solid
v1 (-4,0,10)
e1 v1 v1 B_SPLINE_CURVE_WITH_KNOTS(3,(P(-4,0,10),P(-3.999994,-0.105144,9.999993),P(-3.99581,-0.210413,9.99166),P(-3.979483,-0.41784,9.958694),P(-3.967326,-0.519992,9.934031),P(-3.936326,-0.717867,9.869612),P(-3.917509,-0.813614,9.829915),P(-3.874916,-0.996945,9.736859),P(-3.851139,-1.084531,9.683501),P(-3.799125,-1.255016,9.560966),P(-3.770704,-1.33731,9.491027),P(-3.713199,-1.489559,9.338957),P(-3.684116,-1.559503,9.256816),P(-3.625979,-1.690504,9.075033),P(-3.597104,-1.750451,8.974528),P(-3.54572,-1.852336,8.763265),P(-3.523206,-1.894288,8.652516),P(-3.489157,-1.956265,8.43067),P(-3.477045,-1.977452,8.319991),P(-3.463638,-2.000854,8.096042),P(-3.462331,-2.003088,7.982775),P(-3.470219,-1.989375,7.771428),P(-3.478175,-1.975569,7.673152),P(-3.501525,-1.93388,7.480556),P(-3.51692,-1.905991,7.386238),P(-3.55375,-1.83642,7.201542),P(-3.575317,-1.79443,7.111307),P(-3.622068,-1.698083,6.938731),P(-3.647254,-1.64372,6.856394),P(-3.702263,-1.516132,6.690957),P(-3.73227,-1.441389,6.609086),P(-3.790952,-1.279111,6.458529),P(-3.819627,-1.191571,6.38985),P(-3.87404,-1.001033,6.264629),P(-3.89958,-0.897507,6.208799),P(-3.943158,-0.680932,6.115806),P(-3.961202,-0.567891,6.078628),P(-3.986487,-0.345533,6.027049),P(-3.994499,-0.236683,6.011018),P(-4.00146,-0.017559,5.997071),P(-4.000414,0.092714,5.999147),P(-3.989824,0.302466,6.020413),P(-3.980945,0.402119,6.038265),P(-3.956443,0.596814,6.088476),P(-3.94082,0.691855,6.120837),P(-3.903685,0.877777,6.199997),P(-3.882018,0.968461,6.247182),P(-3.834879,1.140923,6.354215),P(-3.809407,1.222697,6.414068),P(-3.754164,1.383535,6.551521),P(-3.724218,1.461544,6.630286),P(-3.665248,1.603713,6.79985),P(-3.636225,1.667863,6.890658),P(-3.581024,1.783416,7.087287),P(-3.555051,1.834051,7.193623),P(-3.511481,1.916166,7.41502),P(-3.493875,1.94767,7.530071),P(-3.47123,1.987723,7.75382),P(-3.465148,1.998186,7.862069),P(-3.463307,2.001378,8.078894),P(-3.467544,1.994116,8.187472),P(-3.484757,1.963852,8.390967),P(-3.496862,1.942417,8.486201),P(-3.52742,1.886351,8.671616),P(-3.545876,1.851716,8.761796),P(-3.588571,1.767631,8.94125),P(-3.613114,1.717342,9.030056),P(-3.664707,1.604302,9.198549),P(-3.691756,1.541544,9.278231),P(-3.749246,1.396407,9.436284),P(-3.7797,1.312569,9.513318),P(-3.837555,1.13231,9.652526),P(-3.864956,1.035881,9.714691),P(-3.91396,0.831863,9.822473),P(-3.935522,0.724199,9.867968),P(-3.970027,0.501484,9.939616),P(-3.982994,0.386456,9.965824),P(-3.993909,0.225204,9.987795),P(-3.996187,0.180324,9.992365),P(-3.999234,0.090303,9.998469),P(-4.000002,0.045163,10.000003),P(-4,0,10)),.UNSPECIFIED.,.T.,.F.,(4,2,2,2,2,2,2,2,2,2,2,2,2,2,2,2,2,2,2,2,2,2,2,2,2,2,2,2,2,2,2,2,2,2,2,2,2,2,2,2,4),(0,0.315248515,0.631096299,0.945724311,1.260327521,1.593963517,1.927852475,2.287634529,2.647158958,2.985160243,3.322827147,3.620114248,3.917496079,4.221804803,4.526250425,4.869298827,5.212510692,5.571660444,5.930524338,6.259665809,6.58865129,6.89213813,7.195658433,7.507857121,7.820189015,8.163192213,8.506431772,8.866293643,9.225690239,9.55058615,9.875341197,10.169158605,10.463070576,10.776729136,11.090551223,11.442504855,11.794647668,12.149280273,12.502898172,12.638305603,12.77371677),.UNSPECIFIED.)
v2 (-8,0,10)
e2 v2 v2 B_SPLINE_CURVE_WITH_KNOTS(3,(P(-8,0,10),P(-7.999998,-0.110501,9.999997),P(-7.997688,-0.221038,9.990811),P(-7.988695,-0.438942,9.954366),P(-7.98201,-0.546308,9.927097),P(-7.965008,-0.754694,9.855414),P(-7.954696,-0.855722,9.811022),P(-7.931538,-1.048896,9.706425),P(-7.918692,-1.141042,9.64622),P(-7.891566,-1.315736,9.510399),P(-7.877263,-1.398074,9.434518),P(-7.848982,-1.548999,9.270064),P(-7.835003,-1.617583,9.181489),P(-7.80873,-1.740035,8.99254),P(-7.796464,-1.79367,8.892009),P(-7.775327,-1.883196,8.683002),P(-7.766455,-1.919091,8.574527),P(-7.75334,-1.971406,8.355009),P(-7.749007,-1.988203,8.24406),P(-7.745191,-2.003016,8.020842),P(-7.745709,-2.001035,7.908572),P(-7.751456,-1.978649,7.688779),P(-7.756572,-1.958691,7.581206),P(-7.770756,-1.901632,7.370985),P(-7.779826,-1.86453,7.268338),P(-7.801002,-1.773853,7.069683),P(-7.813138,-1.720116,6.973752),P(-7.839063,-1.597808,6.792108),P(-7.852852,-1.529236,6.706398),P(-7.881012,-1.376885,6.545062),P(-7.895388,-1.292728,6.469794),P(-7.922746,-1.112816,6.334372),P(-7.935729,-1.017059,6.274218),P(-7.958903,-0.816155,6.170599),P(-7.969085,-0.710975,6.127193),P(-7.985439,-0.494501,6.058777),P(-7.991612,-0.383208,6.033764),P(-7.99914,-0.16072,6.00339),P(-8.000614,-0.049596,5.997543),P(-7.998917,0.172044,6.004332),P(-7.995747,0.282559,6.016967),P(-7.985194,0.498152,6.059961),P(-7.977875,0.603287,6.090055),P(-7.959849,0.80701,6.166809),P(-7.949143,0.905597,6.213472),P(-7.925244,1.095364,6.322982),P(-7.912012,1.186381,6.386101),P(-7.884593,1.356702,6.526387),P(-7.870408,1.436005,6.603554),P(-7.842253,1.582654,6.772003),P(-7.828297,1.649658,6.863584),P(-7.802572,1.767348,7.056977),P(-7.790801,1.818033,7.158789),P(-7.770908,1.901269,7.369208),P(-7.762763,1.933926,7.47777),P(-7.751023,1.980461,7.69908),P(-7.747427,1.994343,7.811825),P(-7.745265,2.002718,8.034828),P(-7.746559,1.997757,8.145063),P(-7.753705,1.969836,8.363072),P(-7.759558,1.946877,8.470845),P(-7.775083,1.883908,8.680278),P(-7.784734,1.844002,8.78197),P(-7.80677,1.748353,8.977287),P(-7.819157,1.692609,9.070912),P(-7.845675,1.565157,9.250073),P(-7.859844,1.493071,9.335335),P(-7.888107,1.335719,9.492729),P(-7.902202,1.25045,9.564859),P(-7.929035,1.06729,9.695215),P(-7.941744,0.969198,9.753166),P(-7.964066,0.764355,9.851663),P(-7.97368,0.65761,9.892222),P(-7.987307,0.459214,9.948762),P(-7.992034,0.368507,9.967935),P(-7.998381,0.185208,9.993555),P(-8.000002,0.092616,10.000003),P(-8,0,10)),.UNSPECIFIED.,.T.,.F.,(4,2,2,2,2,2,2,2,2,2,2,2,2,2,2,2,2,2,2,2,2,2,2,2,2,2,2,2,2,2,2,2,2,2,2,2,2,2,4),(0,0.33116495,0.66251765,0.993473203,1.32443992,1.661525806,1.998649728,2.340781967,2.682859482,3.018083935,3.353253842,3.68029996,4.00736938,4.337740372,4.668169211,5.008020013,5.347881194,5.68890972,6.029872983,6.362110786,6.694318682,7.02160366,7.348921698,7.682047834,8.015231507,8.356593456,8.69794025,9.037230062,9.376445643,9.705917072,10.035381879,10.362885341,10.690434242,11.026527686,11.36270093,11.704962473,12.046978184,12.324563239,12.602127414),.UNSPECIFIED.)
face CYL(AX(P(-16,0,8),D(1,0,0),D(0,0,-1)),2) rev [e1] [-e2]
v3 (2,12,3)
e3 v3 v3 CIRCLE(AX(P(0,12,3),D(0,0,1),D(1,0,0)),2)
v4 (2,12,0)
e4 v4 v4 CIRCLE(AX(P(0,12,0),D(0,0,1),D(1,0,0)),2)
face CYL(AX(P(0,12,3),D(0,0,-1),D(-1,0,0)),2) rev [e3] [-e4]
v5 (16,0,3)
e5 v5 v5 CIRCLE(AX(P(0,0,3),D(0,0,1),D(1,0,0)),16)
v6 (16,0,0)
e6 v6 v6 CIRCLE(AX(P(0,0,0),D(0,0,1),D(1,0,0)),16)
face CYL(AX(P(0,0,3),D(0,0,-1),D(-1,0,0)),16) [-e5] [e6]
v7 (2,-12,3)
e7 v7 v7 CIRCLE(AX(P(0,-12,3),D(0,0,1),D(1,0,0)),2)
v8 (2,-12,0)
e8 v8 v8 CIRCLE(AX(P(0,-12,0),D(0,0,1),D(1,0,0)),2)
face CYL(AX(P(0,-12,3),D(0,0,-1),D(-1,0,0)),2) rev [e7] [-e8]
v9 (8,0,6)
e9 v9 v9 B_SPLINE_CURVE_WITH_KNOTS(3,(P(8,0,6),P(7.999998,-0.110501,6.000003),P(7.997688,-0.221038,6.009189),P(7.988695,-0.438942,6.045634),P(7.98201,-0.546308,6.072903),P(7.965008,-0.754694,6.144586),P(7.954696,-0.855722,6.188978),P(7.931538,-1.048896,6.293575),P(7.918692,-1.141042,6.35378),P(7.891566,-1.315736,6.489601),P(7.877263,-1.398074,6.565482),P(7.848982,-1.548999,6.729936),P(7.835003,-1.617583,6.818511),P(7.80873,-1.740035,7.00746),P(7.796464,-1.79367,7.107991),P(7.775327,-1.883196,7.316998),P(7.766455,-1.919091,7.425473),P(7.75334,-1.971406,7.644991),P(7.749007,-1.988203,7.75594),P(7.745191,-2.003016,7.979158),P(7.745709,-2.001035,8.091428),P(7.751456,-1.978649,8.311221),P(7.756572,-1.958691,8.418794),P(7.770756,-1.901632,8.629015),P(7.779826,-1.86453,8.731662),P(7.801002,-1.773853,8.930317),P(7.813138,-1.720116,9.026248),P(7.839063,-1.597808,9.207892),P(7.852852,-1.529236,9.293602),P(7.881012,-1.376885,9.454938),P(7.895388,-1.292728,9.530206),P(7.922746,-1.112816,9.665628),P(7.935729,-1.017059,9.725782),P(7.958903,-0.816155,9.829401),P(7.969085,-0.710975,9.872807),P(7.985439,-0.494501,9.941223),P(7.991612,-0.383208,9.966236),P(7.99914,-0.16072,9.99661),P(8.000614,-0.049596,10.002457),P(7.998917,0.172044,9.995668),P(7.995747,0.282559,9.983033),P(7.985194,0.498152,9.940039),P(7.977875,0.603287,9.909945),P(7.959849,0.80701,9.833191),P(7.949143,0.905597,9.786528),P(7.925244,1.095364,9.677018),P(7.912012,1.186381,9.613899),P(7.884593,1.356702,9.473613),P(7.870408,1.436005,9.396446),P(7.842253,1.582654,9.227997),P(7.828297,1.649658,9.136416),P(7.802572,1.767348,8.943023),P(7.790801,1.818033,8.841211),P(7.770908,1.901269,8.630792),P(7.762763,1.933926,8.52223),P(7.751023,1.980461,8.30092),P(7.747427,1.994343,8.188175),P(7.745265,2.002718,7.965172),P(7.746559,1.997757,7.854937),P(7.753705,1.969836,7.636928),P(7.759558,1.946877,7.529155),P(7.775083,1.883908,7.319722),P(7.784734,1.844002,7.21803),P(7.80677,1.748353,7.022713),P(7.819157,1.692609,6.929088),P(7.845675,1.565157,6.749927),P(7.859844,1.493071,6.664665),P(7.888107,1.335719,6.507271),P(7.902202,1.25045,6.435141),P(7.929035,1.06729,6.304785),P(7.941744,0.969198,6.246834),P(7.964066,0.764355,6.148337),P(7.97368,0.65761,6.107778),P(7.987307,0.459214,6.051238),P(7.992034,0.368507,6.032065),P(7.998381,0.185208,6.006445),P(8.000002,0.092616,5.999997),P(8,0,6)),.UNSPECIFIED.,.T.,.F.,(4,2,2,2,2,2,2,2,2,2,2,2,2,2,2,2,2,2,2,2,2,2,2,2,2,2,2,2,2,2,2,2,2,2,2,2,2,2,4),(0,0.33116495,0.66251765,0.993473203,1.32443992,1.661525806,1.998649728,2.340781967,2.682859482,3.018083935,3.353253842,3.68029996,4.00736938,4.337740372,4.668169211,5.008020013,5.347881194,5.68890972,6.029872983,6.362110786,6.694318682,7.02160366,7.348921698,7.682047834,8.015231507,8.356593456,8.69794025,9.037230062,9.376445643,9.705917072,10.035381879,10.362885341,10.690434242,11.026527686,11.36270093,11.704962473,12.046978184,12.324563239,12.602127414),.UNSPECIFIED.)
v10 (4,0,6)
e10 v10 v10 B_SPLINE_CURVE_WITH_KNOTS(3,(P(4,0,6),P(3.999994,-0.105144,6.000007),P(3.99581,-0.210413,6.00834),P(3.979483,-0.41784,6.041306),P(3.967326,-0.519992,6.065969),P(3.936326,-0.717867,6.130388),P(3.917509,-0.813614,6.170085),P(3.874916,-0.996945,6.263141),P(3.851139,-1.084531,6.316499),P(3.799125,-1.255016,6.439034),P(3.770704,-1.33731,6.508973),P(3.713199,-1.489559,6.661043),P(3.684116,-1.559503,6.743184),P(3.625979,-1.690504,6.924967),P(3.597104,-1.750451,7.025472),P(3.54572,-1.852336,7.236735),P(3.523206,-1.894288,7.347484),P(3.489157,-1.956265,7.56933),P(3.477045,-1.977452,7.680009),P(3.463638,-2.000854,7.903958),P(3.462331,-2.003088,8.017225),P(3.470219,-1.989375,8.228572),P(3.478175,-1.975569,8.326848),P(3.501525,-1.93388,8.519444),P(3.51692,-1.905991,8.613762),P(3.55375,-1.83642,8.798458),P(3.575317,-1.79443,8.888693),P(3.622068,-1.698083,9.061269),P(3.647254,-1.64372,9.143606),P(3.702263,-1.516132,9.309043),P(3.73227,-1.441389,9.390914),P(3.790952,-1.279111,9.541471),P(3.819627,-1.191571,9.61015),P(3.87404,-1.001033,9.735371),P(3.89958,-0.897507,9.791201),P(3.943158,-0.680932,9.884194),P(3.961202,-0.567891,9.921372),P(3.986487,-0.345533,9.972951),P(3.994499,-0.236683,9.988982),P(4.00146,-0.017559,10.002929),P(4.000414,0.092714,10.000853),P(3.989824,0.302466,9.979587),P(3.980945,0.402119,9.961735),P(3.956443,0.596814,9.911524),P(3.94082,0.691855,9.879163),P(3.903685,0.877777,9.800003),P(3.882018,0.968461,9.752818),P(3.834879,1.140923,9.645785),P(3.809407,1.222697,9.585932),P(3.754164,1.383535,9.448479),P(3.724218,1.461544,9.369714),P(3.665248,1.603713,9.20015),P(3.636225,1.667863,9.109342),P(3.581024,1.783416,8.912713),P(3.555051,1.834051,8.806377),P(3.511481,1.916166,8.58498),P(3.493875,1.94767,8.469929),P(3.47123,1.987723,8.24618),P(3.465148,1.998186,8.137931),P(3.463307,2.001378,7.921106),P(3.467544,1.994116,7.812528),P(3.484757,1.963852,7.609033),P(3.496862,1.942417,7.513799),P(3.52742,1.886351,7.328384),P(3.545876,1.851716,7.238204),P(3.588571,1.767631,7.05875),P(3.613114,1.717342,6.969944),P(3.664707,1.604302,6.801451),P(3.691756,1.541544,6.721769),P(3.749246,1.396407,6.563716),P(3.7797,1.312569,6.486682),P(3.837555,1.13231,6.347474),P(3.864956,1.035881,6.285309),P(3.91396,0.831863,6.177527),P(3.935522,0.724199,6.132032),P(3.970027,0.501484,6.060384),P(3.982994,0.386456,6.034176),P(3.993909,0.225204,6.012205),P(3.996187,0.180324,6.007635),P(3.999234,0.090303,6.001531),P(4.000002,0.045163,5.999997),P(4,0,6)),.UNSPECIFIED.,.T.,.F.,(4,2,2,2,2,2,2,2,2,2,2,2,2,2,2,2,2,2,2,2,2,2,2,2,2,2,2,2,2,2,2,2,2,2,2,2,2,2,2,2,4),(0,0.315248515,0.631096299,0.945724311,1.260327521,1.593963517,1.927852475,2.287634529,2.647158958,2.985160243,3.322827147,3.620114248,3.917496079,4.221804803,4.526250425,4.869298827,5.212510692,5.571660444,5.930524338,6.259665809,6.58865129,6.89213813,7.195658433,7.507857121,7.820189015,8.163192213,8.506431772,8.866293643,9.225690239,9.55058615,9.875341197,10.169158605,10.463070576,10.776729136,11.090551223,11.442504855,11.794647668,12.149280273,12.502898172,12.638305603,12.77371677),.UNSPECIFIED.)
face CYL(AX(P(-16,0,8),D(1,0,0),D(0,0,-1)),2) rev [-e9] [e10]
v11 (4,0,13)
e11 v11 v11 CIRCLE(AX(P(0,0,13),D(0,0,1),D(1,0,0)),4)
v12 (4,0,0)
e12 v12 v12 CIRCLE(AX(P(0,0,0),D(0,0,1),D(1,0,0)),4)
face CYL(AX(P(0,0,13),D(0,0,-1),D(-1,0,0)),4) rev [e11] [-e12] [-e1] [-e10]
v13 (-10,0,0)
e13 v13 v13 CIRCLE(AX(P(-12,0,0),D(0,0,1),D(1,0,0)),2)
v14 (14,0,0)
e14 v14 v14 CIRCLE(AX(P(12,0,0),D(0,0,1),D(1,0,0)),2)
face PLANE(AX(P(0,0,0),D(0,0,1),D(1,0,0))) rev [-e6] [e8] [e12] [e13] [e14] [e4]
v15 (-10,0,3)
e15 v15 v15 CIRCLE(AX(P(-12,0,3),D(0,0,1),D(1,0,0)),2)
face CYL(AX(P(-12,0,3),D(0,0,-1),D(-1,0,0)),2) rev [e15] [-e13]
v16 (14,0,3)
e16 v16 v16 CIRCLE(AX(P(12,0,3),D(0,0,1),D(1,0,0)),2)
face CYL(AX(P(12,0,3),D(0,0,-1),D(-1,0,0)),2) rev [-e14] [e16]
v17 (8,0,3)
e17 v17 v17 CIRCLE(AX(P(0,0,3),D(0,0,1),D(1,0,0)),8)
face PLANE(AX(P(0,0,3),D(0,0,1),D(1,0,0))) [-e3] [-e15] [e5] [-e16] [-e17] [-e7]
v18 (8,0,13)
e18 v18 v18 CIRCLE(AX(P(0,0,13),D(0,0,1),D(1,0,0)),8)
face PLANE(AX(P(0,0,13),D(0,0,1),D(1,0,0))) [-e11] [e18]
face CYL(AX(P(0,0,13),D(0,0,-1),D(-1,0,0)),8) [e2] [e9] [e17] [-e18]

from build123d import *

# Parameters (mm, degrees)
SKETCH1_R               = 16
SKETCH1_R_2             = 2
SKETCH1_R_3             = 8
BOSS_EXTRUDE1_DEPTH     = 3
SKETCH1_3_R             = 8
SKETCH1_3_R_2           = 4
BOSS_EXTRUDE2_DEPTH     = 13
SKETCH2_R               = 2
CUT_EXTRUDE1_DEPTH      = 17
CUT_EXTRUDE1_DEPTH_BACK = 17


with BuildPart() as part:
    # Sketch1 → Boss-Extrude1 (new body)
    with BuildSketch(Plane(origin=(0, 0, 0), x_dir=(0, 1, 0), z_dir=(0, 0, 1))):
        Circle(SKETCH1_R)
        with Locations((-12, 0)):
            Circle(SKETCH1_R_2, mode=Mode.SUBTRACT)
        with Locations((0, -12)):
            Circle(SKETCH1_R_2, mode=Mode.SUBTRACT)
        with Locations((12, 0)):
            Circle(SKETCH1_R_2, mode=Mode.SUBTRACT)
        with Locations((0, 12)):
            Circle(SKETCH1_R_2, mode=Mode.SUBTRACT)
        Circle(SKETCH1_R_3, mode=Mode.SUBTRACT)
    extrude(amount=BOSS_EXTRUDE1_DEPTH)

    # Sketch1<3> → Boss-Extrude2 (add)
    with BuildSketch(Plane(origin=(0, 0, 0), x_dir=(0, 1, 0), z_dir=(0, 0, 1))):
        Circle(SKETCH1_3_R)
        Circle(SKETCH1_3_R_2, mode=Mode.SUBTRACT)
    extrude(amount=BOSS_EXTRUDE2_DEPTH)

    # Sketch2 → Cut-Extrude1 (cut, two sides)
    with BuildSketch(Plane.YZ) as cut_extrude1_sk:
        with Locations((0, 8)):
            Circle(SKETCH2_R)
    extrude(amount=CUT_EXTRUDE1_DEPTH, mode=Mode.SUBTRACT)
    extrude(cut_extrude1_sk.sketch, amount=-CUT_EXTRUDE1_DEPTH_BACK, mode=Mode.SUBTRACT)


solid = part.part
